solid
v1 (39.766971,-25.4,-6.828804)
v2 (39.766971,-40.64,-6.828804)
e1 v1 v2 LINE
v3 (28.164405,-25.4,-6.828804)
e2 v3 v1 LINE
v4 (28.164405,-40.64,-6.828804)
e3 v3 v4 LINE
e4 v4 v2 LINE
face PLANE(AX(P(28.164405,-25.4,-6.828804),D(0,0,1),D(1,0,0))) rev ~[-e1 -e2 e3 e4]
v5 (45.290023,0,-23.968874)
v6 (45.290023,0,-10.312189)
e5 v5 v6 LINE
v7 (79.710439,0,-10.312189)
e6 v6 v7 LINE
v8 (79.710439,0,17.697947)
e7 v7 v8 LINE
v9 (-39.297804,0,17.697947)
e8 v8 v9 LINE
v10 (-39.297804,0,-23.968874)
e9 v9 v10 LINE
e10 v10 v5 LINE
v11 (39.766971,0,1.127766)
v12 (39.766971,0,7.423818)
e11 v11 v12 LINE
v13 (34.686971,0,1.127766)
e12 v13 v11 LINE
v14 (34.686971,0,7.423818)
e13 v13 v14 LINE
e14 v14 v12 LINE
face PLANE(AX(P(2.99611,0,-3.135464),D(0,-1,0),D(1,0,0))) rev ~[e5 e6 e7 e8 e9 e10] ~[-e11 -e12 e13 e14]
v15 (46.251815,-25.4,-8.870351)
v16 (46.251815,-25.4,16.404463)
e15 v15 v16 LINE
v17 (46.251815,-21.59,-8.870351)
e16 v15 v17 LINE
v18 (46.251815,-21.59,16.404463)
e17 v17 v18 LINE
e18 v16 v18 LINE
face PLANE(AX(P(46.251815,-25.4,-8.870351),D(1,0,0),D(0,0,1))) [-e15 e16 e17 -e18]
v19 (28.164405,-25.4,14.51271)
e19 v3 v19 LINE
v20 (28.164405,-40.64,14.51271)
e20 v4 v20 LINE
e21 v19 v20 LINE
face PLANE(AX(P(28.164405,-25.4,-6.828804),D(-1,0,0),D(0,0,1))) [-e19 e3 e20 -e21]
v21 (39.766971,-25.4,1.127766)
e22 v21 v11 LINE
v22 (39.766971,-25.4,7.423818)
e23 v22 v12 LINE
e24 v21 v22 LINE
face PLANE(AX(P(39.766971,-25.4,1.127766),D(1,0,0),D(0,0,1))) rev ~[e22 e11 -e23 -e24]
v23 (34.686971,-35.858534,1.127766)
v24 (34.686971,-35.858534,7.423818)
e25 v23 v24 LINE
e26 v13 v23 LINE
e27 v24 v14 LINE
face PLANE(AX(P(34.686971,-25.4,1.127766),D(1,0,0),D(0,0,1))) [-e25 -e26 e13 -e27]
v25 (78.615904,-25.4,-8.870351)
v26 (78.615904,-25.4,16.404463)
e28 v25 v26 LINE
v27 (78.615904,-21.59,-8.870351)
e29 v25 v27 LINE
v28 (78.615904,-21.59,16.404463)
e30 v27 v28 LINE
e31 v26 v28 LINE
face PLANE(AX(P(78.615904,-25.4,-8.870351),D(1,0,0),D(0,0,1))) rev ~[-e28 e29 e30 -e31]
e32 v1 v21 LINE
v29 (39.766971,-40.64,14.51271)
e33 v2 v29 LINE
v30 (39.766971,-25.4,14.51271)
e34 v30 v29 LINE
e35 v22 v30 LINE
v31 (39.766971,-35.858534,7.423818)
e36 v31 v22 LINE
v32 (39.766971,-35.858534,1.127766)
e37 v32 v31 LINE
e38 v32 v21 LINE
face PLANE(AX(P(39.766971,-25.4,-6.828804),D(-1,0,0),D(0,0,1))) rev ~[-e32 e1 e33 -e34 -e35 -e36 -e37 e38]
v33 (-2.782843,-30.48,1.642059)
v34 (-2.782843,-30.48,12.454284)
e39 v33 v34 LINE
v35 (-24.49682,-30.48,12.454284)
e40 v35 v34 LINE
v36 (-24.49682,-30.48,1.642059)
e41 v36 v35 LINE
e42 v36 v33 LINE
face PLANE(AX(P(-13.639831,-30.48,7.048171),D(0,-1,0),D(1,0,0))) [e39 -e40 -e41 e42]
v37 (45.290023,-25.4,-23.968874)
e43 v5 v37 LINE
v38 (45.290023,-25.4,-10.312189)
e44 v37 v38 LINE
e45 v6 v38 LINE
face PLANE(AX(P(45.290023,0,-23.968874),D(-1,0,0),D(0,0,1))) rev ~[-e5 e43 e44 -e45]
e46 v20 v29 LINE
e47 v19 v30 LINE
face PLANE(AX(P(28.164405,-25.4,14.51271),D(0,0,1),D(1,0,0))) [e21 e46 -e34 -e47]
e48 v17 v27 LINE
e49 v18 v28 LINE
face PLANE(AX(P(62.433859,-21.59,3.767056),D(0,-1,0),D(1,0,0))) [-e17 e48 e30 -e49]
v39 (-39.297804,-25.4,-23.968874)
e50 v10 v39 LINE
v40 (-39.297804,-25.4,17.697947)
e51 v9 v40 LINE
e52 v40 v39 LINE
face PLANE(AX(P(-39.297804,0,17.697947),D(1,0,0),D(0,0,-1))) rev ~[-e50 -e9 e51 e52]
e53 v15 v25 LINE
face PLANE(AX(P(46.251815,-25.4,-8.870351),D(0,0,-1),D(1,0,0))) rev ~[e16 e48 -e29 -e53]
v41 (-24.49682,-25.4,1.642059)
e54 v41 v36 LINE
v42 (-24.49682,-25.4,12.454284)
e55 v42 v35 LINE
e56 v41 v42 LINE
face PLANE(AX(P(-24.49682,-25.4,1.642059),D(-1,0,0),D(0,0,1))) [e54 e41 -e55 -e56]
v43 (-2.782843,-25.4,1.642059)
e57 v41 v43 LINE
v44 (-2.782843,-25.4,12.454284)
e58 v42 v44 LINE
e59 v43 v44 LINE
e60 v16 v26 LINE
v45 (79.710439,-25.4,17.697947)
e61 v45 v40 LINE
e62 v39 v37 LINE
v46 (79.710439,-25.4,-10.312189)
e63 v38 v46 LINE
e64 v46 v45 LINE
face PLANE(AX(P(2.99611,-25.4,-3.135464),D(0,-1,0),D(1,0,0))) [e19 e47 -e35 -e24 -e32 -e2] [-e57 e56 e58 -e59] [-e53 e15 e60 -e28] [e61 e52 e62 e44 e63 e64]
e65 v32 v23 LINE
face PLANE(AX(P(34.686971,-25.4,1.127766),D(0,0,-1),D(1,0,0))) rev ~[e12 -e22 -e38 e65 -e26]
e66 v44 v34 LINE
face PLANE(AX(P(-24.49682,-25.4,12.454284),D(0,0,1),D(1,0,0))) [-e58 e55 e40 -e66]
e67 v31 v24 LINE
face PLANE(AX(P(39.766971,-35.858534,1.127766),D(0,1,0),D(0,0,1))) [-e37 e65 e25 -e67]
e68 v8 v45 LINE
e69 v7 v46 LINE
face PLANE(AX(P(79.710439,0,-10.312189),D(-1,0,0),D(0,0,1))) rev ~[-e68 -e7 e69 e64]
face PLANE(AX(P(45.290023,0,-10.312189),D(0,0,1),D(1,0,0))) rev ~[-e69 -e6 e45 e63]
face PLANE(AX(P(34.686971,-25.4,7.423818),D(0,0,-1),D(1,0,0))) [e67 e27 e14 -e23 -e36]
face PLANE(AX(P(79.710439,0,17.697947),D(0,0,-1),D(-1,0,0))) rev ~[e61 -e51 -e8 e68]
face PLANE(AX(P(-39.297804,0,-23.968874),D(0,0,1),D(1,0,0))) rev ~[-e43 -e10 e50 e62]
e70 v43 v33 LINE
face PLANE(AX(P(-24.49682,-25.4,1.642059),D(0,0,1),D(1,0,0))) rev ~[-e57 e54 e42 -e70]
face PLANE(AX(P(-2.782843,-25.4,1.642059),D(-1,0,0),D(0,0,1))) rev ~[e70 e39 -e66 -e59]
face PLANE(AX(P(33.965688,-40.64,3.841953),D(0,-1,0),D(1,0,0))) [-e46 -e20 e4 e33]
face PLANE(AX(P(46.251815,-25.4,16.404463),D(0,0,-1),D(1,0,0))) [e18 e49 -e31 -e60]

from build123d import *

# Parameters (mm, degrees)
F0_W      = 34.420416
F0_H      = 28.010136
F1_DEPTH  = 25.4
F2_W      = 21.713977
F2_H      = 10.812225
F3_DEPTH  = 5.08
F4_W      = 32.364089
F4_H      = 25.274814
F5_DEPTH  = 3.81
F6_W      = 11.602566
F6_H      = 21.341514
F7_DEPTH  = 15.24
F8_W      = 10.458534
F8_H      = 6.296051
F9_DEPTH  = 5.08
F10_W     = 5.08
F10_H     = 6.296051
F11_DEPTH = 25.4


with BuildPart() as f1:
    # F0 (on Front) → F1 (new body)
    with BuildSketch(Plane.XZ):
        Polygon((45.290023, 17.697947), (-39.297804, 17.697947), (-39.297804, -23.968874), (45.290023, -23.968874), (45.290023, -10.312189), align=None)
        with Locations((62.500231, 3.692879)):
            Rectangle(F0_W, F0_H)
    extrude(amount=F1_DEPTH)

    # F2 (on face) → F3 (join)
    with BuildSketch(Plane.XZ.offset(25.4)):
        with Locations((-13.639831, 7.048171)):
            Rectangle(F2_W, F2_H)
    extrude(amount=F3_DEPTH)

    # F4 (on face) → F5 (cut)
    with BuildSketch(Plane.XZ.offset(25.4)):
        with Locations((62.433859, 3.767056)):
            Rectangle(F4_W, F4_H)
    extrude(amount=-F5_DEPTH, mode=Mode.SUBTRACT)

    # F6 (on face) → F7 (join)
    with BuildSketch(Plane.XZ.offset(25.4)):
        with Locations((33.965688, 3.841953)):
            Rectangle(F6_W, F6_H)
    extrude(amount=F7_DEPTH)

    # F8 (on face) → F9 (cut)
    with BuildSketch(Plane.YZ.offset(39.766971)):
        with Locations((-30.629267, 4.275792)):
            Rectangle(F8_W, F8_H)
    extrude(amount=-F9_DEPTH, mode=Mode.SUBTRACT)

    # F10 (on face) → F11 (cut)
    with BuildSketch(Plane.XZ.offset(25.4)):
        with Locations((37.226971, 4.275792)):
            Rectangle(F10_W, F10_H)
    extrude(amount=-F11_DEPTH, mode=Mode.SUBTRACT)


solid = f1.part
